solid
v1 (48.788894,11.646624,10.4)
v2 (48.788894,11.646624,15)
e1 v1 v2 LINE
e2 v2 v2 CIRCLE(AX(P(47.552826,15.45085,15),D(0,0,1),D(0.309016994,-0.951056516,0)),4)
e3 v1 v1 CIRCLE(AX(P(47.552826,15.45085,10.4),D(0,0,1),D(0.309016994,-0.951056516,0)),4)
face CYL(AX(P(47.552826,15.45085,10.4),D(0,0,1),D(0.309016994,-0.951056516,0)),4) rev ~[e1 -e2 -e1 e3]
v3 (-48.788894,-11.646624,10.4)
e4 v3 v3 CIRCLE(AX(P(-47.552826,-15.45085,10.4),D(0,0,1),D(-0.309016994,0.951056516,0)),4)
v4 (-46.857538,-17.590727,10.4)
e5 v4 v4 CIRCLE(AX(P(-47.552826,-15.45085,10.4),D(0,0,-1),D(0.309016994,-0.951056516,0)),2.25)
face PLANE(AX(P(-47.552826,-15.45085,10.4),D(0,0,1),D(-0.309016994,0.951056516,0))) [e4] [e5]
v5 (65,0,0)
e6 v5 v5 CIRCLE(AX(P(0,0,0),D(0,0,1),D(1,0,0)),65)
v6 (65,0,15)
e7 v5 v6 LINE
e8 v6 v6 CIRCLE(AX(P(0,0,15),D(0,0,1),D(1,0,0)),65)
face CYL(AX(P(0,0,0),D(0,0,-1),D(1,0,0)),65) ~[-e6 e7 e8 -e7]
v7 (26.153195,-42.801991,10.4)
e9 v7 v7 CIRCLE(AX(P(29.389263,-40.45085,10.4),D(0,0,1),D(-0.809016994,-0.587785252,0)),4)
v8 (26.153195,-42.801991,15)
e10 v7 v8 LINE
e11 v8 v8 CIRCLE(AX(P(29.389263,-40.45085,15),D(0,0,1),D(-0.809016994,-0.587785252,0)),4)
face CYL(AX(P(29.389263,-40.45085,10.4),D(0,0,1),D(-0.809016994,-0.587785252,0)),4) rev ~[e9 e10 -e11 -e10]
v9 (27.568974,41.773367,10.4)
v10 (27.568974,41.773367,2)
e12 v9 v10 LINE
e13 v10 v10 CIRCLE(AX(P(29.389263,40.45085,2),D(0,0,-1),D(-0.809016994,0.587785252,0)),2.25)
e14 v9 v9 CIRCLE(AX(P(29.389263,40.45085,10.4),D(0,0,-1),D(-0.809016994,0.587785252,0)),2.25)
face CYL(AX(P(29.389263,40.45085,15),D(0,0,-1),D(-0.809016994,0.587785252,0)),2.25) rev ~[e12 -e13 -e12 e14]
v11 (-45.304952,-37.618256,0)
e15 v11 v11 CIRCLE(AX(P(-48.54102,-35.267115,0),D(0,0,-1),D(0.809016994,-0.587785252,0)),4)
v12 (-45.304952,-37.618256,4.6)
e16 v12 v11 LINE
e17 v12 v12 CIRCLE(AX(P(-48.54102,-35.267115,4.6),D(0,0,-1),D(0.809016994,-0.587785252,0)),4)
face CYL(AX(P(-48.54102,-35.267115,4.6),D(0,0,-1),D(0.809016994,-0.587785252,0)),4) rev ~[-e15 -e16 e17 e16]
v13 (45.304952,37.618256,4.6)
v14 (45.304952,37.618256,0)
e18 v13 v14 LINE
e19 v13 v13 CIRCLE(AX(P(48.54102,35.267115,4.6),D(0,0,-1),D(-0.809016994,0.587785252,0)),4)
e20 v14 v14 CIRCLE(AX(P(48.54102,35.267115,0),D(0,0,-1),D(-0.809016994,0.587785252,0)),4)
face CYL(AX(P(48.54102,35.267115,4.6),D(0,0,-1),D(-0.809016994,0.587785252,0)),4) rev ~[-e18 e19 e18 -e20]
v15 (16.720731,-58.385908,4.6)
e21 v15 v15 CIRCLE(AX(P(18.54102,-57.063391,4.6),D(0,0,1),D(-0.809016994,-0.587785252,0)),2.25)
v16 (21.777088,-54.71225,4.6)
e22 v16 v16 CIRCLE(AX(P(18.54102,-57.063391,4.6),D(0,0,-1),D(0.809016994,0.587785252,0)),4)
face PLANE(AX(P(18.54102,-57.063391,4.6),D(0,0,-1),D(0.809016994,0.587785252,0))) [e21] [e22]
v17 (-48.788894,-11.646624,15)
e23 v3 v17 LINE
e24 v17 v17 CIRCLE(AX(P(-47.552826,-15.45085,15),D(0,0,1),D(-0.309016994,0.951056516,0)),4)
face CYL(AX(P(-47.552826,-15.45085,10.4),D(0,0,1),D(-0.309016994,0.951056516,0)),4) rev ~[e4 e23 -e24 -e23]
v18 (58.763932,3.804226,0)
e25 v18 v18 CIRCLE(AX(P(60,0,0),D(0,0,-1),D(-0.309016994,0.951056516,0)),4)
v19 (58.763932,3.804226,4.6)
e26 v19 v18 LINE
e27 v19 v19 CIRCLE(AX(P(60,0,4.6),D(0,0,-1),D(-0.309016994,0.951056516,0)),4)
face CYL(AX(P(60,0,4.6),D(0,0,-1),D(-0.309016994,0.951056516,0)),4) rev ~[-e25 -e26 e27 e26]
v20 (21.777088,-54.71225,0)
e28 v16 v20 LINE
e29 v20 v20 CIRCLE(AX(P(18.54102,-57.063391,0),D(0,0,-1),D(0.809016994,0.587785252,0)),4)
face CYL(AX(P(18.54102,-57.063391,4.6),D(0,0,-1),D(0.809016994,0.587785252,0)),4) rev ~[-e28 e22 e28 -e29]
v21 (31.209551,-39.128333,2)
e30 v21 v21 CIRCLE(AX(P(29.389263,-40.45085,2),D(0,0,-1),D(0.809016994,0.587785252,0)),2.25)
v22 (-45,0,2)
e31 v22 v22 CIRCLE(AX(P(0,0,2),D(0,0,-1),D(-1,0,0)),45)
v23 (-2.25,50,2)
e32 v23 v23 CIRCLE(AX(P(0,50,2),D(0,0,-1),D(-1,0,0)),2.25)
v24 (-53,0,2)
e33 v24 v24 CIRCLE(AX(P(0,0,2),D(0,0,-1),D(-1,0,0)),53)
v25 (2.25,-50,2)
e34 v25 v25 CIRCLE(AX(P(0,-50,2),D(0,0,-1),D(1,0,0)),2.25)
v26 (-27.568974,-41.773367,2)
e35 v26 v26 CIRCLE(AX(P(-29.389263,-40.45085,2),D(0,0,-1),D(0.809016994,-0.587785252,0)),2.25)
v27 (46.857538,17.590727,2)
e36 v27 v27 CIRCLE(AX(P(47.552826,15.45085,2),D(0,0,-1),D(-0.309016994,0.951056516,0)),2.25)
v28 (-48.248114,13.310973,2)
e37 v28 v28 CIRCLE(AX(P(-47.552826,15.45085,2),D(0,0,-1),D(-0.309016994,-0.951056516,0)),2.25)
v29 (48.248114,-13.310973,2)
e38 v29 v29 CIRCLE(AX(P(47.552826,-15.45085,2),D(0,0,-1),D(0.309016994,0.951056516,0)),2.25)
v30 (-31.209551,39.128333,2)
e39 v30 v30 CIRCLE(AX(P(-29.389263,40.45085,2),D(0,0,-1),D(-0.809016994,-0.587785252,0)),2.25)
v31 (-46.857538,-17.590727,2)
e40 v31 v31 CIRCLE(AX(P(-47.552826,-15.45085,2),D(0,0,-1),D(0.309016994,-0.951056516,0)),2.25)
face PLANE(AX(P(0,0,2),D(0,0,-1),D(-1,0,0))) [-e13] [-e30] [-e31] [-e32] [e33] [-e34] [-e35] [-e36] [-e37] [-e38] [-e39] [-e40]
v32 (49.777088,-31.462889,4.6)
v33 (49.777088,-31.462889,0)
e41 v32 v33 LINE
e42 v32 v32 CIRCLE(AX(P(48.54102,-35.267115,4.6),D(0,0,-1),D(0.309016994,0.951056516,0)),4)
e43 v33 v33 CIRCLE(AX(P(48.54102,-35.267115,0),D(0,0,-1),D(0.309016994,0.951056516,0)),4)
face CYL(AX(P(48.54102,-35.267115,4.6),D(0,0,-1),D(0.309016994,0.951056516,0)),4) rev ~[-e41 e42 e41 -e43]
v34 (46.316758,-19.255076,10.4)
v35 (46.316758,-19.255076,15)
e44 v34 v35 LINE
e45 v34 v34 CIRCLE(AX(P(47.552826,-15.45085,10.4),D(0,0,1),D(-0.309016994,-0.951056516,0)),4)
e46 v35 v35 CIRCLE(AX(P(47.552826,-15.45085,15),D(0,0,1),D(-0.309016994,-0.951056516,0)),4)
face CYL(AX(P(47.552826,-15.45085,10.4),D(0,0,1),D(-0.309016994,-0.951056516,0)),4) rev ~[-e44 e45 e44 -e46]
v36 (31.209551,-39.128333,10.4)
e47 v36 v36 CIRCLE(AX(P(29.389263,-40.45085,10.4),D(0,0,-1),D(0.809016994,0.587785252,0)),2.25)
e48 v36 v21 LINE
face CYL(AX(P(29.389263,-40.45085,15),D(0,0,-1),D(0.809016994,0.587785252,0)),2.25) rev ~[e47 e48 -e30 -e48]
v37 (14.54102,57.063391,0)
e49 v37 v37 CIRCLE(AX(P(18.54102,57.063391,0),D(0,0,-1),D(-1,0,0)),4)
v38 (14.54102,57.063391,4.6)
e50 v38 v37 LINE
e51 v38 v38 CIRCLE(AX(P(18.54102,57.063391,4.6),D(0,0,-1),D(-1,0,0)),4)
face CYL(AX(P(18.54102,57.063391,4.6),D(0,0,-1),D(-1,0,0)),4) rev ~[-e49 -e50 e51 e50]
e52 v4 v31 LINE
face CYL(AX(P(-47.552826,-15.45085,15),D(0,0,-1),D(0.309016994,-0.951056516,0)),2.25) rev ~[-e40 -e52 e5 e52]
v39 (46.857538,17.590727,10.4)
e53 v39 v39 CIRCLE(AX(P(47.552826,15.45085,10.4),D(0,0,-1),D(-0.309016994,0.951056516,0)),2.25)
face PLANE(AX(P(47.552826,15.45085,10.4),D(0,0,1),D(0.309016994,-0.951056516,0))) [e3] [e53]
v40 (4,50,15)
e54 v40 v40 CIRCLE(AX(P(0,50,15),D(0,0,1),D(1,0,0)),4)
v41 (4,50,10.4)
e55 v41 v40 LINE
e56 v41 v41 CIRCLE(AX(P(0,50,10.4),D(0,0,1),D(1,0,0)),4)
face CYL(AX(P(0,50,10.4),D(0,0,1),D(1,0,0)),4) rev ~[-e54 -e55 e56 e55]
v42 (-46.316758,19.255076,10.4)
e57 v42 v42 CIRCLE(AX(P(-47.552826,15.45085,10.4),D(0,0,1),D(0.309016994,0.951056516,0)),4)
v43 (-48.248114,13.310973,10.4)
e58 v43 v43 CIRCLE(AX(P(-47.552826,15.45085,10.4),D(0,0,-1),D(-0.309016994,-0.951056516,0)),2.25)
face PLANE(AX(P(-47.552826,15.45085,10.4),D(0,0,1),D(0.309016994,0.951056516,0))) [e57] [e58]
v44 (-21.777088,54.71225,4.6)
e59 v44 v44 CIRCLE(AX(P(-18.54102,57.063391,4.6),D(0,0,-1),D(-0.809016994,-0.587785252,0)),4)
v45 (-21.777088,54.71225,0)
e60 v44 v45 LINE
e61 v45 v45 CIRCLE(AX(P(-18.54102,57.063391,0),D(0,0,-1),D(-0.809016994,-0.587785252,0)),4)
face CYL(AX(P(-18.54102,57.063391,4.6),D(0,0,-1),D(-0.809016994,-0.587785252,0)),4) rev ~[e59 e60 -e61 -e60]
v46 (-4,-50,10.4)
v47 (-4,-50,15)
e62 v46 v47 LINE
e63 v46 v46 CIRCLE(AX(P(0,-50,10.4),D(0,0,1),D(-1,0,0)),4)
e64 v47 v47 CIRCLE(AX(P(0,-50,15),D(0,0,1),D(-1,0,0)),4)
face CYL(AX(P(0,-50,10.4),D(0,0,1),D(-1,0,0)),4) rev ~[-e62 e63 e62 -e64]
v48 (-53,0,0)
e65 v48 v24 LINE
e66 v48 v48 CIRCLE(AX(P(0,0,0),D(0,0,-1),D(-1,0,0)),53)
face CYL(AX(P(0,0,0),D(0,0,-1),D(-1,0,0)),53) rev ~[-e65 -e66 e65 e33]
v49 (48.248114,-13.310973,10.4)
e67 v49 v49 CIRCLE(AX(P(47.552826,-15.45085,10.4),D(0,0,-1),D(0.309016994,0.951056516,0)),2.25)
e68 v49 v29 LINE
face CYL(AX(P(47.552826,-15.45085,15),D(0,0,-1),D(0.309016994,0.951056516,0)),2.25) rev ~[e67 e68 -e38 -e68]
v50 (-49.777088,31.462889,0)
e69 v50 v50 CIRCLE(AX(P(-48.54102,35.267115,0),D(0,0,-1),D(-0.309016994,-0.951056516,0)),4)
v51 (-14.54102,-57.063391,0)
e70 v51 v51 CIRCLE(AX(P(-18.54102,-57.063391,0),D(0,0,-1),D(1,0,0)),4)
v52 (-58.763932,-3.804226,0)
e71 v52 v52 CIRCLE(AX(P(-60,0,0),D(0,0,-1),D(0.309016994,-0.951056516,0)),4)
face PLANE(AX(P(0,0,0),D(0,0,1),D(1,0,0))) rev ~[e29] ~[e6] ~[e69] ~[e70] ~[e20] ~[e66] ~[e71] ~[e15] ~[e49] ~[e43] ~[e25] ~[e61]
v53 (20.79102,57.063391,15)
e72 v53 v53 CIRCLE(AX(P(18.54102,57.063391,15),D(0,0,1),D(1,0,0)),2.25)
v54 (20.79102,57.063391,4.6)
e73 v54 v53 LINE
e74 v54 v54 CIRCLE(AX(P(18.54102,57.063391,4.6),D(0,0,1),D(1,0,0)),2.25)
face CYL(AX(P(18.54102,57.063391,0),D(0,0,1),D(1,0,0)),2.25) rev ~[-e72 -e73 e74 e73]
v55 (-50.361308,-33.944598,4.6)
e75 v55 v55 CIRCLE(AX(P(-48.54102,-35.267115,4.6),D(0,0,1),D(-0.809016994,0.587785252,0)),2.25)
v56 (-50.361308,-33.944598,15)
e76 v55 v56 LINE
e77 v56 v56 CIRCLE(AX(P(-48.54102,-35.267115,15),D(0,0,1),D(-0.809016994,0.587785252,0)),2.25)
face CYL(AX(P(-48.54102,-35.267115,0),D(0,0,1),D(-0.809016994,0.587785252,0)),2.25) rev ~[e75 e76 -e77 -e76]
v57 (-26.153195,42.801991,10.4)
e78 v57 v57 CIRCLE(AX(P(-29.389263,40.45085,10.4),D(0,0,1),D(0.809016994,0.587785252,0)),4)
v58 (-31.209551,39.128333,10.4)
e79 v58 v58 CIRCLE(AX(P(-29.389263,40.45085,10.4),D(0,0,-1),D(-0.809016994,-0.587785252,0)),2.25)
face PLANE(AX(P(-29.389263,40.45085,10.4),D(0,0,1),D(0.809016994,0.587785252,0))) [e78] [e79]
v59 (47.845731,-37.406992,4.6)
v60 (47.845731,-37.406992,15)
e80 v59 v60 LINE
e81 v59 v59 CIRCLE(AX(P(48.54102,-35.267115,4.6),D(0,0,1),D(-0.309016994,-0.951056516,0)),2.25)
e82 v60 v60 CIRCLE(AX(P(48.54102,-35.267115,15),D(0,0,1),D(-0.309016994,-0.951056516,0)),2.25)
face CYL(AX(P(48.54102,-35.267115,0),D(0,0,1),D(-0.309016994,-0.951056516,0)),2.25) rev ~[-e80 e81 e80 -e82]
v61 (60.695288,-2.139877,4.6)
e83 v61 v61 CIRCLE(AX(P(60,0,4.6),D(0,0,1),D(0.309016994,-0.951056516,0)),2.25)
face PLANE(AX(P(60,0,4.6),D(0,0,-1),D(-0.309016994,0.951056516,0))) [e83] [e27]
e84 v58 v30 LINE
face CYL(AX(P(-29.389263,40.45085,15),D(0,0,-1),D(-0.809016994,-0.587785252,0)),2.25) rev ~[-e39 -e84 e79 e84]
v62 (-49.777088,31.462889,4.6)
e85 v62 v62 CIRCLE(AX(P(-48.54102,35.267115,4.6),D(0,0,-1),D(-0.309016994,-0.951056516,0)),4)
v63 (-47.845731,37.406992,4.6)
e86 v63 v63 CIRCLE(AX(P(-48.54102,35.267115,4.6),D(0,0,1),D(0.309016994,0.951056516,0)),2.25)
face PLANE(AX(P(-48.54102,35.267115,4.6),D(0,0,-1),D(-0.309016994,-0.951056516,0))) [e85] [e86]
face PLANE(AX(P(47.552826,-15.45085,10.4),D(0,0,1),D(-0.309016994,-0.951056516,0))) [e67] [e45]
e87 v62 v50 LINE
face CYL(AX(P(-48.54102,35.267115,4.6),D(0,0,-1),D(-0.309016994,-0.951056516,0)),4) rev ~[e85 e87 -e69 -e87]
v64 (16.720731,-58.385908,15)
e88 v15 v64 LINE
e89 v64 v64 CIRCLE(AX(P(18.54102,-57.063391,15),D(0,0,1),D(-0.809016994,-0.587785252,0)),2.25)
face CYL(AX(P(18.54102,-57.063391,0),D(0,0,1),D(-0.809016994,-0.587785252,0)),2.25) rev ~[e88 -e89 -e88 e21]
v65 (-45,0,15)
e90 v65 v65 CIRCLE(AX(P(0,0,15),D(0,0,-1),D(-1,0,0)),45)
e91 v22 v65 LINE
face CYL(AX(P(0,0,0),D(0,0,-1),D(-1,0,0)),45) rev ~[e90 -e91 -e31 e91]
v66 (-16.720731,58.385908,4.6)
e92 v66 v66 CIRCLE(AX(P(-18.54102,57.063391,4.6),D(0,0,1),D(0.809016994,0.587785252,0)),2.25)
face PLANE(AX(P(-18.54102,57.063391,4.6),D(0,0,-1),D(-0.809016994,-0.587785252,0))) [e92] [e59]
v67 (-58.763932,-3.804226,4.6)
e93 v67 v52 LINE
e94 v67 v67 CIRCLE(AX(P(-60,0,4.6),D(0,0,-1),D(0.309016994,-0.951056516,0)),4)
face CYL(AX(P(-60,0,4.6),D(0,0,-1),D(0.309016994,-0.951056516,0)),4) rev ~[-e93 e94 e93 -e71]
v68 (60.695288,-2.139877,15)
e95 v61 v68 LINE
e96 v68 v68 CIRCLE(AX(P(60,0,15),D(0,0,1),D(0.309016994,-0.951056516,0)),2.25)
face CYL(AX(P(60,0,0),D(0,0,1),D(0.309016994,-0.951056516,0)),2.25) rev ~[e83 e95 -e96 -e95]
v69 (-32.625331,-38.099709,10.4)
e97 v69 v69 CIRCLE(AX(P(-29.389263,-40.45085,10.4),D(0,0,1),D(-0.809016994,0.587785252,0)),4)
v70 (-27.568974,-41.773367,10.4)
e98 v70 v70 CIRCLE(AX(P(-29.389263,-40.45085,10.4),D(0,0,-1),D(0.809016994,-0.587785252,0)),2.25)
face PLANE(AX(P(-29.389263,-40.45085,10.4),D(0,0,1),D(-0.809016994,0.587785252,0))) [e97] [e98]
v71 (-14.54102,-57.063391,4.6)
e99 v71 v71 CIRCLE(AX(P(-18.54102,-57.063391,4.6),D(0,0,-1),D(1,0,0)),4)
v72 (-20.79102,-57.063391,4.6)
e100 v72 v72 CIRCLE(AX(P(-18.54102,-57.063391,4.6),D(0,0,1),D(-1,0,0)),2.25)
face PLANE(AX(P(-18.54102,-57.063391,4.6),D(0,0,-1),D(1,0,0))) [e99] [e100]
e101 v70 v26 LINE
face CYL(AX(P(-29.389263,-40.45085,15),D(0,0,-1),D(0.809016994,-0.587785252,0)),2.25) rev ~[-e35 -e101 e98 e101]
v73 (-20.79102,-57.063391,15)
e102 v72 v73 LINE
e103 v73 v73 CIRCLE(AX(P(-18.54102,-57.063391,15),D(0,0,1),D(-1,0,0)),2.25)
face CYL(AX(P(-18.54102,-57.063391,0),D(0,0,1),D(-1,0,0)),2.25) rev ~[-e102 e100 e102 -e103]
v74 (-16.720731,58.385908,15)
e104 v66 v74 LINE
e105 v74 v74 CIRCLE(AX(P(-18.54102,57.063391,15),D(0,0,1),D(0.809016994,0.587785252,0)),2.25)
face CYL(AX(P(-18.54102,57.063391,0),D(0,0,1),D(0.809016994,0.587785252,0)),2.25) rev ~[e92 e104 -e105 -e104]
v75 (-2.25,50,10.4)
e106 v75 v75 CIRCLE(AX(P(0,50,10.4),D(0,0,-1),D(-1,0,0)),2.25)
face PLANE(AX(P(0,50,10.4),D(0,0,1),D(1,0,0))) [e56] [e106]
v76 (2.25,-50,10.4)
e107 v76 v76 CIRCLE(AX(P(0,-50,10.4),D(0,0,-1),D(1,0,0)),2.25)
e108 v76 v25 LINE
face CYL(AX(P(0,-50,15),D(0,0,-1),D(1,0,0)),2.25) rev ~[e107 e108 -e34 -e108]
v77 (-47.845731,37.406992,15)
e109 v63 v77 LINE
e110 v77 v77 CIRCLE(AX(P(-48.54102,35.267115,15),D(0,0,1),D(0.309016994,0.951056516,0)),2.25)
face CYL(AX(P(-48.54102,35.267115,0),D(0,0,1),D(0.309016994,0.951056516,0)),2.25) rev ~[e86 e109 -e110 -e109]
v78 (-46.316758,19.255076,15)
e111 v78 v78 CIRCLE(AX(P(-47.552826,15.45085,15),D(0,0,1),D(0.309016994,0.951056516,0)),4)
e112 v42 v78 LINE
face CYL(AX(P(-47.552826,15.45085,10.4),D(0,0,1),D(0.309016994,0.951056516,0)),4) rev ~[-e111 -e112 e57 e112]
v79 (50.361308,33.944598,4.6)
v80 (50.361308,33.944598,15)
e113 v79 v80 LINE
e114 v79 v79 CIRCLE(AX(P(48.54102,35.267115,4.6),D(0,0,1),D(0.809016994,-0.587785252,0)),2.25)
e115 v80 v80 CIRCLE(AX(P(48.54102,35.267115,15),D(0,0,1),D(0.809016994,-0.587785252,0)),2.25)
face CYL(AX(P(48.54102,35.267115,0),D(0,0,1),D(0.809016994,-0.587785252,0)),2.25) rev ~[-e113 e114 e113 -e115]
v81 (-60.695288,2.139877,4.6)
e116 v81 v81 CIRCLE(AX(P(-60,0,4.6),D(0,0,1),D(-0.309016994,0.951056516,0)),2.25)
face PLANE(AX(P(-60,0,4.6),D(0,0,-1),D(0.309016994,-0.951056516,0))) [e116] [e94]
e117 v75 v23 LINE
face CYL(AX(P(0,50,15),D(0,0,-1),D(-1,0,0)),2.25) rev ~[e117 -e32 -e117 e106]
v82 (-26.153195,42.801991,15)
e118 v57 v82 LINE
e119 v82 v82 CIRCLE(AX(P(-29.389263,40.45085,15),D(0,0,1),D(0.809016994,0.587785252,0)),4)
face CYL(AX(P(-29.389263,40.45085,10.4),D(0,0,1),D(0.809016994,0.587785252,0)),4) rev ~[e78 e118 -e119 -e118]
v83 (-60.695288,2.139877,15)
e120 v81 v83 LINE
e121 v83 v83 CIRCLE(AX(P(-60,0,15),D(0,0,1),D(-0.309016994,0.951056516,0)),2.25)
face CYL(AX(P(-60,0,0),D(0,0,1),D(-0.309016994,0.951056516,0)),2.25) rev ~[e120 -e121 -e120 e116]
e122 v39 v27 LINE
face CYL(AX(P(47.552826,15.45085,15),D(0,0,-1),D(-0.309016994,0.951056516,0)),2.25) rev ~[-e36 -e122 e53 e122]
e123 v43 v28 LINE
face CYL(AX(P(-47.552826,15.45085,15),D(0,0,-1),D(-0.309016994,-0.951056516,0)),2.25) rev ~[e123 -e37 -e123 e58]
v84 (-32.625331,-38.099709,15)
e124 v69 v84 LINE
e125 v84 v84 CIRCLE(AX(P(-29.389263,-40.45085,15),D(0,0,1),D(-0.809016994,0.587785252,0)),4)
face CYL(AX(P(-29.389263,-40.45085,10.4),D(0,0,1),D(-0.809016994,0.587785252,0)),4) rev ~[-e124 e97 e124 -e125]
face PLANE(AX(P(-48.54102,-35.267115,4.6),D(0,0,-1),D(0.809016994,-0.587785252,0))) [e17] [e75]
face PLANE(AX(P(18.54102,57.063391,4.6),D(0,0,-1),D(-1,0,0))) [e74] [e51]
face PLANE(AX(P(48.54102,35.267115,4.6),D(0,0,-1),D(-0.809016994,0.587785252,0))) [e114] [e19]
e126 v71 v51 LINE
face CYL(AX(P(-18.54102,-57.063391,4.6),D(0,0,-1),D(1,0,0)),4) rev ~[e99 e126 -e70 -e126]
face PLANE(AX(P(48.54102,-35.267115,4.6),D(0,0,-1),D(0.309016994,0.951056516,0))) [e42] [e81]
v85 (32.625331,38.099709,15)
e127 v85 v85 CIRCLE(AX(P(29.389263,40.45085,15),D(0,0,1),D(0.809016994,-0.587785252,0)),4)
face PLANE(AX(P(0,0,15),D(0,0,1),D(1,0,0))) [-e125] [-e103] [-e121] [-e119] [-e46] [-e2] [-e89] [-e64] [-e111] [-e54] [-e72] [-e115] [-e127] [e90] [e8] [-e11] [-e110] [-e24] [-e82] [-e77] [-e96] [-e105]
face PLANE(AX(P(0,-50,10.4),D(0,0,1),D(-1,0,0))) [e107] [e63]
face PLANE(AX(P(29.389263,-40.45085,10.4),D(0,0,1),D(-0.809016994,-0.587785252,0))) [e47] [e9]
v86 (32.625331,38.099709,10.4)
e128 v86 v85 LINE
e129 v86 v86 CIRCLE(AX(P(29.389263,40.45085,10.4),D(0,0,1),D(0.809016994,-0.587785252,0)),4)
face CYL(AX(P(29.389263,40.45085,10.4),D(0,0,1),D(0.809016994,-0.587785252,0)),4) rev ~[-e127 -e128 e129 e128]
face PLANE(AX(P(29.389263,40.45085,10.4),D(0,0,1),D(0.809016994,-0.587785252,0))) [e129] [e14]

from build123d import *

# Parameters (mm, degrees)
SKETCH_1_R                = 65
EXTRUDE_1_DEPTH           = 15
SKETCH_2_R                = 45
CUT_EXTRUDE_1_DEPTH       = 15
SKETCH_3_R                = 53
CUT_EXTRUDE_2_DEPTH       = 2
HOLE_WIZARD_1_D           = 4.5
HOLE_WIZARD_1_CBORE_D     = 8
HOLE_WIZARD_1_CBORE_DEPTH = 4.6
PATTERN_CIRCULAR_1_COUNT  = 10
HOLE_WIZARD_2_D           = 4.5
HOLE_WIZARD_2_CBORE_D     = 8
HOLE_WIZARD_2_CBORE_DEPTH = 4.6
PATTERN_CIRCULAR_2_COUNT  = 10


with BuildPart() as part:
    # 草图1 → 凸台-拉伸1 (new body)
    with BuildSketch(Plane.XY):
        Circle(SKETCH_1_R)
    extrude(amount=EXTRUDE_1_DEPTH)

    # 草图2 → 切除-拉伸1 (cut)
    with BuildSketch(Plane(origin=(0, 0, 0), x_dir=(-1, 0, 0), z_dir=(0, 0, -1))):
        Circle(SKETCH_2_R)
    extrude(amount=-CUT_EXTRUDE_1_DEPTH, mode=Mode.SUBTRACT)

    # 草图3 → 切除-拉伸2 (cut)
    with BuildSketch(Plane(origin=(0, 0, 0), x_dir=(-1, 0, 0), z_dir=(0, 0, -1))):
        Circle(SKETCH_3_R)
    extrude(amount=-CUT_EXTRUDE_2_DEPTH, mode=Mode.SUBTRACT)

    # 打孔尺寸(%根据)内六角圆柱头螺钉的类型1 (through all)
    with Locations(Plane.XY.offset(15)):
        with Locations((0, 50)):
            hole_wizard_1 = CounterBoreHole(HOLE_WIZARD_1_D / 2, HOLE_WIZARD_1_CBORE_D / 2, HOLE_WIZARD_1_CBORE_DEPTH)

    # 阵列(圆周)1: 打孔尺寸(%根据)内六角圆柱头螺钉的类型1 ×10 about axis
    pattern_circular_1_axis = Axis((0, 0, 15), (0, 0, -1))
    for i in range(1, PATTERN_CIRCULAR_1_COUNT):
        add(hole_wizard_1.rotate(pattern_circular_1_axis, i * 360 / PATTERN_CIRCULAR_1_COUNT), mode=Mode.SUBTRACT)

    # 打孔尺寸(%根据)内六角圆柱头螺钉的类型2 (through all)
    with Locations(Plane(origin=(0, 0, 0), x_dir=(-1, 0, 0), z_dir=(0, 0, -1))):
        with Locations((-18.541019662, 57.063390978)):
            hole_wizard_2 = CounterBoreHole(HOLE_WIZARD_2_D / 2, HOLE_WIZARD_2_CBORE_D / 2, HOLE_WIZARD_2_CBORE_DEPTH)

    # 阵列(圆周)2: 打孔尺寸(%根据)内六角圆柱头螺钉的类型2 ×10 about axis
    pattern_circular_2_axis = Axis((0, 0, 15), (0, 0, -1))
    for i in range(1, PATTERN_CIRCULAR_2_COUNT):
        add(hole_wizard_2.rotate(pattern_circular_2_axis, i * 360 / PATTERN_CIRCULAR_2_COUNT), mode=Mode.SUBTRACT)


solid = part.part
